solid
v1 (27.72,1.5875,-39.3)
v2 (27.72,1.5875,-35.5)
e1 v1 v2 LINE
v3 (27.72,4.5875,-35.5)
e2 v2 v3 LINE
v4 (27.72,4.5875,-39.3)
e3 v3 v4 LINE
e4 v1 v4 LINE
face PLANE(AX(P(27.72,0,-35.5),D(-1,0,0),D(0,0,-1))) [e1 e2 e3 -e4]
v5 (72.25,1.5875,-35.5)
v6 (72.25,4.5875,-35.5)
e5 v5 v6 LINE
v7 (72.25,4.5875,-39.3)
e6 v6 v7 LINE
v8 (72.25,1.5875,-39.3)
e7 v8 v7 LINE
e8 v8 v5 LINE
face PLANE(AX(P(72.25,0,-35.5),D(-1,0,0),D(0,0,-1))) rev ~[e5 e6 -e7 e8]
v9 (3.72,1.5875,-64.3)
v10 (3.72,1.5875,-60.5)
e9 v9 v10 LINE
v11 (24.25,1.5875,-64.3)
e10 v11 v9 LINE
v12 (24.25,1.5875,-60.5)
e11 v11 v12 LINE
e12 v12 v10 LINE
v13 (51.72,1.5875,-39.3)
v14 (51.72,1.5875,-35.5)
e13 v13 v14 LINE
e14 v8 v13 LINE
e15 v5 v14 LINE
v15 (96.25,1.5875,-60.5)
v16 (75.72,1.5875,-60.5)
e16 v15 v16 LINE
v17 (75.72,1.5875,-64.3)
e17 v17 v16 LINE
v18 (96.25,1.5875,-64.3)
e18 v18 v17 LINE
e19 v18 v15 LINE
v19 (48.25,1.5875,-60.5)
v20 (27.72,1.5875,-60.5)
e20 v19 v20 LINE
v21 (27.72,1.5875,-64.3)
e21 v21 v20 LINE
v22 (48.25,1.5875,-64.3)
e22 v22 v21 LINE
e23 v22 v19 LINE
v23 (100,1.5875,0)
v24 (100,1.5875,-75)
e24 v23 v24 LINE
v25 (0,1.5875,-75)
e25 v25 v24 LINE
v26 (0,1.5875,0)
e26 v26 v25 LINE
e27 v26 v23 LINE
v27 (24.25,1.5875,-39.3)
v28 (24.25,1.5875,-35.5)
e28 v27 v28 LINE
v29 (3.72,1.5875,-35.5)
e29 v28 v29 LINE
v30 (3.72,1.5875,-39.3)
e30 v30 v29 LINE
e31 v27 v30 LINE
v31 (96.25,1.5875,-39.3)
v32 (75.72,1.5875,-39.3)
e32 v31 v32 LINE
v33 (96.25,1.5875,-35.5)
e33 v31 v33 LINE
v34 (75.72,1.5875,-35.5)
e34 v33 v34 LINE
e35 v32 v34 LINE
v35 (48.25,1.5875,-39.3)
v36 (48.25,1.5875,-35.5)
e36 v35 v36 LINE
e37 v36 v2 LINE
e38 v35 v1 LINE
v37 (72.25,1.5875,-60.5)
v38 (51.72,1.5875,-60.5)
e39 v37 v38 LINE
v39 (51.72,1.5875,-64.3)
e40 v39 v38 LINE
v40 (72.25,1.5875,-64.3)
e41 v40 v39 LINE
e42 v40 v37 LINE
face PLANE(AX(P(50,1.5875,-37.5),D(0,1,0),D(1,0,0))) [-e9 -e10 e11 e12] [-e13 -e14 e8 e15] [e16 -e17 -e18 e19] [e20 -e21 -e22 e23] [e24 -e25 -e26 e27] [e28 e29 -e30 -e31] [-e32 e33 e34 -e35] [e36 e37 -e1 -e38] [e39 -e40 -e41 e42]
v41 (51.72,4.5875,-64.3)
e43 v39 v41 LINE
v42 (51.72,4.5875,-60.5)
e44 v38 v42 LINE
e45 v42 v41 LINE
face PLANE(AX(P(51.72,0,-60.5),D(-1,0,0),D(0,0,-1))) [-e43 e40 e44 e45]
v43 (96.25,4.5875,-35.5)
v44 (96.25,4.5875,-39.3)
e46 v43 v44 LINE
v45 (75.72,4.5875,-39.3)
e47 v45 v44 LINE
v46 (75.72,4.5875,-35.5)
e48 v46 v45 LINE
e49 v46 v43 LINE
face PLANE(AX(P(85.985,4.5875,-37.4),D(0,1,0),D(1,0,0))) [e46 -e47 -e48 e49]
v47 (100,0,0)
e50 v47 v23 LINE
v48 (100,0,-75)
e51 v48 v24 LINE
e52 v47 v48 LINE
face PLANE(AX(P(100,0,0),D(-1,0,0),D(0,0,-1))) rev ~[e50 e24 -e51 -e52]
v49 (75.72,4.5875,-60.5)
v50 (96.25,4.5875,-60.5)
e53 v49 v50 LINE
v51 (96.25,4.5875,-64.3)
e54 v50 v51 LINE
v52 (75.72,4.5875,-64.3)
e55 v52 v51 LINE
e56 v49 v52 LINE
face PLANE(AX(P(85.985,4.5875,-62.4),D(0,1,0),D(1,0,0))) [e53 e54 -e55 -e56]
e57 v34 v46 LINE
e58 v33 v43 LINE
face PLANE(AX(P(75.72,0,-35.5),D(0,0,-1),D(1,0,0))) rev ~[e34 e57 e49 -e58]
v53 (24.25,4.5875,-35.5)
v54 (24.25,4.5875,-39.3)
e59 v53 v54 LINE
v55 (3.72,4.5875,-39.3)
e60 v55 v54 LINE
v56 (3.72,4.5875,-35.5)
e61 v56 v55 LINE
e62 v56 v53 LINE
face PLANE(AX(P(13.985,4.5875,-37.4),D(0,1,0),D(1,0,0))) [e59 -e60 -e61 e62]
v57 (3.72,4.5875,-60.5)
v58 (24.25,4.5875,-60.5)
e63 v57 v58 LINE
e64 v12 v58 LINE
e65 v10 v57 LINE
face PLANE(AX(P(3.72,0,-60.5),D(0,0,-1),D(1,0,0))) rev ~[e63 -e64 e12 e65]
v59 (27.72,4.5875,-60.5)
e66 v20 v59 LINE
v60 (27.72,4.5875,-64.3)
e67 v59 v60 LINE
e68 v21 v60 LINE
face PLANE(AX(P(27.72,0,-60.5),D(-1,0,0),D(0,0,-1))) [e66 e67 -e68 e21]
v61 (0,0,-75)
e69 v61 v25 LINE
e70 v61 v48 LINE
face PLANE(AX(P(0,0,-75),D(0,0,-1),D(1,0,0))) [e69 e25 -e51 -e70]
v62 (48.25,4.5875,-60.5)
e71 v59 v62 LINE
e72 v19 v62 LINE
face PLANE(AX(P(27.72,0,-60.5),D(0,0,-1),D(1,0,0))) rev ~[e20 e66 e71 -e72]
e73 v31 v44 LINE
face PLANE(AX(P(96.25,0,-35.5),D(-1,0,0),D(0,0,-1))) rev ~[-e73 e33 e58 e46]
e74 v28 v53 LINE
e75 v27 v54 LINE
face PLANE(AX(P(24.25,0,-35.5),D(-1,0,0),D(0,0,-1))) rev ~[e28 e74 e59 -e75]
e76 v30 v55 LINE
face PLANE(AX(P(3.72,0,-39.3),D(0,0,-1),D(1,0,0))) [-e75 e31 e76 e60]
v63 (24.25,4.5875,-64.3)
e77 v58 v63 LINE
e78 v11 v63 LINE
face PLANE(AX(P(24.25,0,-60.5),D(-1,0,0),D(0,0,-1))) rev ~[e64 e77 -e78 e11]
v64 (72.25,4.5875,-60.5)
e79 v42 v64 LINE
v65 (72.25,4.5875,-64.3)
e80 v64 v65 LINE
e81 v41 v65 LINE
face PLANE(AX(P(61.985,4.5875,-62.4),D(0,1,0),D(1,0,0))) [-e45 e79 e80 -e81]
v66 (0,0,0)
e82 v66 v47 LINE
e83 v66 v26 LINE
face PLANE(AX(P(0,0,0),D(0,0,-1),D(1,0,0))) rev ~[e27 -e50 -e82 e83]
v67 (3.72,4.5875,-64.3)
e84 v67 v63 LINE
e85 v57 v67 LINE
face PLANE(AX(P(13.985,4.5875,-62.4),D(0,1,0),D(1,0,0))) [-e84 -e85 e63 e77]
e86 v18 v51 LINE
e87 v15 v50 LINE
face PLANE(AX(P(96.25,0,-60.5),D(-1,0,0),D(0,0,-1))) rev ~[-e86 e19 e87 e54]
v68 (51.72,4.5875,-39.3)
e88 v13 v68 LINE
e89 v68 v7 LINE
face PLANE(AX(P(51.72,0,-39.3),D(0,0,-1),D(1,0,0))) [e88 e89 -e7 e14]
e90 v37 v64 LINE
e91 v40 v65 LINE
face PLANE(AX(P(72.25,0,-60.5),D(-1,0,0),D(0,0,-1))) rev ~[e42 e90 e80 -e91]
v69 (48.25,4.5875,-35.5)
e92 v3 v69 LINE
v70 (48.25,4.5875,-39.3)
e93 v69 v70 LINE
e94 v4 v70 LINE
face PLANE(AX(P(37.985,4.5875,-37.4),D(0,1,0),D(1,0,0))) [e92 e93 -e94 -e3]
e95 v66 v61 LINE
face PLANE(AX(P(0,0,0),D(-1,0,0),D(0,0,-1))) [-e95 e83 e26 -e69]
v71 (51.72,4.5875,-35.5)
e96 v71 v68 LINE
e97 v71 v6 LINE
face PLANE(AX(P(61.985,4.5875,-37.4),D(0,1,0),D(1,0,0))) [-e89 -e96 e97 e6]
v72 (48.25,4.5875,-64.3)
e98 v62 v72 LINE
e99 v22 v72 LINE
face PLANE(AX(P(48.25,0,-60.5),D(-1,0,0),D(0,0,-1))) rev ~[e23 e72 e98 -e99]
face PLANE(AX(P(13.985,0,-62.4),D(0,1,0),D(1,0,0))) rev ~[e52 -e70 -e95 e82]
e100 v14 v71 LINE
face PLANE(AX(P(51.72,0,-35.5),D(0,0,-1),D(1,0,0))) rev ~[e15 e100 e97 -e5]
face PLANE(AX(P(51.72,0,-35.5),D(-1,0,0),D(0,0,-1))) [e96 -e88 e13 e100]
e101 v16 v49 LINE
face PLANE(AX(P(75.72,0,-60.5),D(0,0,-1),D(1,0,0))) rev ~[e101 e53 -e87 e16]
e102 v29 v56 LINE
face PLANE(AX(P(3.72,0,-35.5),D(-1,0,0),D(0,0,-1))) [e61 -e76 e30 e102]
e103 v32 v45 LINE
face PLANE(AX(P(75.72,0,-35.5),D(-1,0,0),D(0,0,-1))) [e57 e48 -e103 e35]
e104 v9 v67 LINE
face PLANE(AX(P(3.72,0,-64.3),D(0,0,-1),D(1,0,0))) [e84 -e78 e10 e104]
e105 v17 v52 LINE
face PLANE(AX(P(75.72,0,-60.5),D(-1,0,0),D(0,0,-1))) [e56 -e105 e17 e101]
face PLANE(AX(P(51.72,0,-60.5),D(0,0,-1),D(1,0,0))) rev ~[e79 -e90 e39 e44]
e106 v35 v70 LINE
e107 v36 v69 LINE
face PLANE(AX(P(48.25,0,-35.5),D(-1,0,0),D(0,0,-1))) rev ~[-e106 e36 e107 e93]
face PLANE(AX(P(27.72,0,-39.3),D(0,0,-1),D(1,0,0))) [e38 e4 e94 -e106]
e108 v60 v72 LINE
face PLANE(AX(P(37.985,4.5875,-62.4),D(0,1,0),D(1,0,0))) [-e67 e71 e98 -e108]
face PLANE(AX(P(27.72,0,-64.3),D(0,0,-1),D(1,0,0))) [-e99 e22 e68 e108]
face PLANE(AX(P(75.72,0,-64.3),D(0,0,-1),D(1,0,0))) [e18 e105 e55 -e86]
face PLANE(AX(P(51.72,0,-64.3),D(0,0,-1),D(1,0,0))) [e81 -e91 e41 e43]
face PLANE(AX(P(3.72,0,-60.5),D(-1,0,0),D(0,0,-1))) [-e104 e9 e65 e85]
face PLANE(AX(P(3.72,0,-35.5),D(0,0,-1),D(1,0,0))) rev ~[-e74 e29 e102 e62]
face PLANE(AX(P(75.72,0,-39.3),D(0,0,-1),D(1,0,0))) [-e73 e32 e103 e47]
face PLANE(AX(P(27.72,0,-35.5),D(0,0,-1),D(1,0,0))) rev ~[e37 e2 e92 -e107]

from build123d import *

# Parameters (mm, degrees)
SKETCH1_W            = 100
SKETCH1_H            = 75
BOSS_EXTRUDE1_DEPTH  = 1.5875
SKETCH2_W            = 20.53
SKETCH2_H            = 3.8
BOSS_EXTRUDE2_DEPTH  = 4.5875
LPATTERN1_COUNT      = 4
LPATTERN1_PITCH      = 24
LPATTERN1_COUNT_DIR2 = 2
LPATTERN1_PITCH_DIR2 = 25


with BuildPart() as part:
    # Sketch1 → Boss-Extrude1 (new body)
    with BuildSketch(Plane(origin=(0, 0, 0), x_dir=(1, 0, 0), z_dir=(0, 1, 0))):
        with Locations((50, 37.5)):
            Rectangle(SKETCH1_W, SKETCH1_H)
    extrude(amount=BOSS_EXTRUDE1_DEPTH)

    # Sketch2 → Boss-Extrude2 (add)
    with BuildSketch(Plane(origin=(0, 0, 0), x_dir=(1, 0, 0), z_dir=(0, 1, 0))):
        with Locations((13.985, 37.4)):
            Rectangle(SKETCH2_W, SKETCH2_H)
    boss_extrude2 = extrude(amount=BOSS_EXTRUDE2_DEPTH)

    # LPattern1: Boss-Extrude2 4 × 2
    with Locations(*[(i * LPATTERN1_PITCH, 0, -j * LPATTERN1_PITCH_DIR2) for i in range(LPATTERN1_COUNT) for j in range(LPATTERN1_COUNT_DIR2) if (i, j) != (0, 0)]):
        add(boss_extrude2)


solid = part.part
